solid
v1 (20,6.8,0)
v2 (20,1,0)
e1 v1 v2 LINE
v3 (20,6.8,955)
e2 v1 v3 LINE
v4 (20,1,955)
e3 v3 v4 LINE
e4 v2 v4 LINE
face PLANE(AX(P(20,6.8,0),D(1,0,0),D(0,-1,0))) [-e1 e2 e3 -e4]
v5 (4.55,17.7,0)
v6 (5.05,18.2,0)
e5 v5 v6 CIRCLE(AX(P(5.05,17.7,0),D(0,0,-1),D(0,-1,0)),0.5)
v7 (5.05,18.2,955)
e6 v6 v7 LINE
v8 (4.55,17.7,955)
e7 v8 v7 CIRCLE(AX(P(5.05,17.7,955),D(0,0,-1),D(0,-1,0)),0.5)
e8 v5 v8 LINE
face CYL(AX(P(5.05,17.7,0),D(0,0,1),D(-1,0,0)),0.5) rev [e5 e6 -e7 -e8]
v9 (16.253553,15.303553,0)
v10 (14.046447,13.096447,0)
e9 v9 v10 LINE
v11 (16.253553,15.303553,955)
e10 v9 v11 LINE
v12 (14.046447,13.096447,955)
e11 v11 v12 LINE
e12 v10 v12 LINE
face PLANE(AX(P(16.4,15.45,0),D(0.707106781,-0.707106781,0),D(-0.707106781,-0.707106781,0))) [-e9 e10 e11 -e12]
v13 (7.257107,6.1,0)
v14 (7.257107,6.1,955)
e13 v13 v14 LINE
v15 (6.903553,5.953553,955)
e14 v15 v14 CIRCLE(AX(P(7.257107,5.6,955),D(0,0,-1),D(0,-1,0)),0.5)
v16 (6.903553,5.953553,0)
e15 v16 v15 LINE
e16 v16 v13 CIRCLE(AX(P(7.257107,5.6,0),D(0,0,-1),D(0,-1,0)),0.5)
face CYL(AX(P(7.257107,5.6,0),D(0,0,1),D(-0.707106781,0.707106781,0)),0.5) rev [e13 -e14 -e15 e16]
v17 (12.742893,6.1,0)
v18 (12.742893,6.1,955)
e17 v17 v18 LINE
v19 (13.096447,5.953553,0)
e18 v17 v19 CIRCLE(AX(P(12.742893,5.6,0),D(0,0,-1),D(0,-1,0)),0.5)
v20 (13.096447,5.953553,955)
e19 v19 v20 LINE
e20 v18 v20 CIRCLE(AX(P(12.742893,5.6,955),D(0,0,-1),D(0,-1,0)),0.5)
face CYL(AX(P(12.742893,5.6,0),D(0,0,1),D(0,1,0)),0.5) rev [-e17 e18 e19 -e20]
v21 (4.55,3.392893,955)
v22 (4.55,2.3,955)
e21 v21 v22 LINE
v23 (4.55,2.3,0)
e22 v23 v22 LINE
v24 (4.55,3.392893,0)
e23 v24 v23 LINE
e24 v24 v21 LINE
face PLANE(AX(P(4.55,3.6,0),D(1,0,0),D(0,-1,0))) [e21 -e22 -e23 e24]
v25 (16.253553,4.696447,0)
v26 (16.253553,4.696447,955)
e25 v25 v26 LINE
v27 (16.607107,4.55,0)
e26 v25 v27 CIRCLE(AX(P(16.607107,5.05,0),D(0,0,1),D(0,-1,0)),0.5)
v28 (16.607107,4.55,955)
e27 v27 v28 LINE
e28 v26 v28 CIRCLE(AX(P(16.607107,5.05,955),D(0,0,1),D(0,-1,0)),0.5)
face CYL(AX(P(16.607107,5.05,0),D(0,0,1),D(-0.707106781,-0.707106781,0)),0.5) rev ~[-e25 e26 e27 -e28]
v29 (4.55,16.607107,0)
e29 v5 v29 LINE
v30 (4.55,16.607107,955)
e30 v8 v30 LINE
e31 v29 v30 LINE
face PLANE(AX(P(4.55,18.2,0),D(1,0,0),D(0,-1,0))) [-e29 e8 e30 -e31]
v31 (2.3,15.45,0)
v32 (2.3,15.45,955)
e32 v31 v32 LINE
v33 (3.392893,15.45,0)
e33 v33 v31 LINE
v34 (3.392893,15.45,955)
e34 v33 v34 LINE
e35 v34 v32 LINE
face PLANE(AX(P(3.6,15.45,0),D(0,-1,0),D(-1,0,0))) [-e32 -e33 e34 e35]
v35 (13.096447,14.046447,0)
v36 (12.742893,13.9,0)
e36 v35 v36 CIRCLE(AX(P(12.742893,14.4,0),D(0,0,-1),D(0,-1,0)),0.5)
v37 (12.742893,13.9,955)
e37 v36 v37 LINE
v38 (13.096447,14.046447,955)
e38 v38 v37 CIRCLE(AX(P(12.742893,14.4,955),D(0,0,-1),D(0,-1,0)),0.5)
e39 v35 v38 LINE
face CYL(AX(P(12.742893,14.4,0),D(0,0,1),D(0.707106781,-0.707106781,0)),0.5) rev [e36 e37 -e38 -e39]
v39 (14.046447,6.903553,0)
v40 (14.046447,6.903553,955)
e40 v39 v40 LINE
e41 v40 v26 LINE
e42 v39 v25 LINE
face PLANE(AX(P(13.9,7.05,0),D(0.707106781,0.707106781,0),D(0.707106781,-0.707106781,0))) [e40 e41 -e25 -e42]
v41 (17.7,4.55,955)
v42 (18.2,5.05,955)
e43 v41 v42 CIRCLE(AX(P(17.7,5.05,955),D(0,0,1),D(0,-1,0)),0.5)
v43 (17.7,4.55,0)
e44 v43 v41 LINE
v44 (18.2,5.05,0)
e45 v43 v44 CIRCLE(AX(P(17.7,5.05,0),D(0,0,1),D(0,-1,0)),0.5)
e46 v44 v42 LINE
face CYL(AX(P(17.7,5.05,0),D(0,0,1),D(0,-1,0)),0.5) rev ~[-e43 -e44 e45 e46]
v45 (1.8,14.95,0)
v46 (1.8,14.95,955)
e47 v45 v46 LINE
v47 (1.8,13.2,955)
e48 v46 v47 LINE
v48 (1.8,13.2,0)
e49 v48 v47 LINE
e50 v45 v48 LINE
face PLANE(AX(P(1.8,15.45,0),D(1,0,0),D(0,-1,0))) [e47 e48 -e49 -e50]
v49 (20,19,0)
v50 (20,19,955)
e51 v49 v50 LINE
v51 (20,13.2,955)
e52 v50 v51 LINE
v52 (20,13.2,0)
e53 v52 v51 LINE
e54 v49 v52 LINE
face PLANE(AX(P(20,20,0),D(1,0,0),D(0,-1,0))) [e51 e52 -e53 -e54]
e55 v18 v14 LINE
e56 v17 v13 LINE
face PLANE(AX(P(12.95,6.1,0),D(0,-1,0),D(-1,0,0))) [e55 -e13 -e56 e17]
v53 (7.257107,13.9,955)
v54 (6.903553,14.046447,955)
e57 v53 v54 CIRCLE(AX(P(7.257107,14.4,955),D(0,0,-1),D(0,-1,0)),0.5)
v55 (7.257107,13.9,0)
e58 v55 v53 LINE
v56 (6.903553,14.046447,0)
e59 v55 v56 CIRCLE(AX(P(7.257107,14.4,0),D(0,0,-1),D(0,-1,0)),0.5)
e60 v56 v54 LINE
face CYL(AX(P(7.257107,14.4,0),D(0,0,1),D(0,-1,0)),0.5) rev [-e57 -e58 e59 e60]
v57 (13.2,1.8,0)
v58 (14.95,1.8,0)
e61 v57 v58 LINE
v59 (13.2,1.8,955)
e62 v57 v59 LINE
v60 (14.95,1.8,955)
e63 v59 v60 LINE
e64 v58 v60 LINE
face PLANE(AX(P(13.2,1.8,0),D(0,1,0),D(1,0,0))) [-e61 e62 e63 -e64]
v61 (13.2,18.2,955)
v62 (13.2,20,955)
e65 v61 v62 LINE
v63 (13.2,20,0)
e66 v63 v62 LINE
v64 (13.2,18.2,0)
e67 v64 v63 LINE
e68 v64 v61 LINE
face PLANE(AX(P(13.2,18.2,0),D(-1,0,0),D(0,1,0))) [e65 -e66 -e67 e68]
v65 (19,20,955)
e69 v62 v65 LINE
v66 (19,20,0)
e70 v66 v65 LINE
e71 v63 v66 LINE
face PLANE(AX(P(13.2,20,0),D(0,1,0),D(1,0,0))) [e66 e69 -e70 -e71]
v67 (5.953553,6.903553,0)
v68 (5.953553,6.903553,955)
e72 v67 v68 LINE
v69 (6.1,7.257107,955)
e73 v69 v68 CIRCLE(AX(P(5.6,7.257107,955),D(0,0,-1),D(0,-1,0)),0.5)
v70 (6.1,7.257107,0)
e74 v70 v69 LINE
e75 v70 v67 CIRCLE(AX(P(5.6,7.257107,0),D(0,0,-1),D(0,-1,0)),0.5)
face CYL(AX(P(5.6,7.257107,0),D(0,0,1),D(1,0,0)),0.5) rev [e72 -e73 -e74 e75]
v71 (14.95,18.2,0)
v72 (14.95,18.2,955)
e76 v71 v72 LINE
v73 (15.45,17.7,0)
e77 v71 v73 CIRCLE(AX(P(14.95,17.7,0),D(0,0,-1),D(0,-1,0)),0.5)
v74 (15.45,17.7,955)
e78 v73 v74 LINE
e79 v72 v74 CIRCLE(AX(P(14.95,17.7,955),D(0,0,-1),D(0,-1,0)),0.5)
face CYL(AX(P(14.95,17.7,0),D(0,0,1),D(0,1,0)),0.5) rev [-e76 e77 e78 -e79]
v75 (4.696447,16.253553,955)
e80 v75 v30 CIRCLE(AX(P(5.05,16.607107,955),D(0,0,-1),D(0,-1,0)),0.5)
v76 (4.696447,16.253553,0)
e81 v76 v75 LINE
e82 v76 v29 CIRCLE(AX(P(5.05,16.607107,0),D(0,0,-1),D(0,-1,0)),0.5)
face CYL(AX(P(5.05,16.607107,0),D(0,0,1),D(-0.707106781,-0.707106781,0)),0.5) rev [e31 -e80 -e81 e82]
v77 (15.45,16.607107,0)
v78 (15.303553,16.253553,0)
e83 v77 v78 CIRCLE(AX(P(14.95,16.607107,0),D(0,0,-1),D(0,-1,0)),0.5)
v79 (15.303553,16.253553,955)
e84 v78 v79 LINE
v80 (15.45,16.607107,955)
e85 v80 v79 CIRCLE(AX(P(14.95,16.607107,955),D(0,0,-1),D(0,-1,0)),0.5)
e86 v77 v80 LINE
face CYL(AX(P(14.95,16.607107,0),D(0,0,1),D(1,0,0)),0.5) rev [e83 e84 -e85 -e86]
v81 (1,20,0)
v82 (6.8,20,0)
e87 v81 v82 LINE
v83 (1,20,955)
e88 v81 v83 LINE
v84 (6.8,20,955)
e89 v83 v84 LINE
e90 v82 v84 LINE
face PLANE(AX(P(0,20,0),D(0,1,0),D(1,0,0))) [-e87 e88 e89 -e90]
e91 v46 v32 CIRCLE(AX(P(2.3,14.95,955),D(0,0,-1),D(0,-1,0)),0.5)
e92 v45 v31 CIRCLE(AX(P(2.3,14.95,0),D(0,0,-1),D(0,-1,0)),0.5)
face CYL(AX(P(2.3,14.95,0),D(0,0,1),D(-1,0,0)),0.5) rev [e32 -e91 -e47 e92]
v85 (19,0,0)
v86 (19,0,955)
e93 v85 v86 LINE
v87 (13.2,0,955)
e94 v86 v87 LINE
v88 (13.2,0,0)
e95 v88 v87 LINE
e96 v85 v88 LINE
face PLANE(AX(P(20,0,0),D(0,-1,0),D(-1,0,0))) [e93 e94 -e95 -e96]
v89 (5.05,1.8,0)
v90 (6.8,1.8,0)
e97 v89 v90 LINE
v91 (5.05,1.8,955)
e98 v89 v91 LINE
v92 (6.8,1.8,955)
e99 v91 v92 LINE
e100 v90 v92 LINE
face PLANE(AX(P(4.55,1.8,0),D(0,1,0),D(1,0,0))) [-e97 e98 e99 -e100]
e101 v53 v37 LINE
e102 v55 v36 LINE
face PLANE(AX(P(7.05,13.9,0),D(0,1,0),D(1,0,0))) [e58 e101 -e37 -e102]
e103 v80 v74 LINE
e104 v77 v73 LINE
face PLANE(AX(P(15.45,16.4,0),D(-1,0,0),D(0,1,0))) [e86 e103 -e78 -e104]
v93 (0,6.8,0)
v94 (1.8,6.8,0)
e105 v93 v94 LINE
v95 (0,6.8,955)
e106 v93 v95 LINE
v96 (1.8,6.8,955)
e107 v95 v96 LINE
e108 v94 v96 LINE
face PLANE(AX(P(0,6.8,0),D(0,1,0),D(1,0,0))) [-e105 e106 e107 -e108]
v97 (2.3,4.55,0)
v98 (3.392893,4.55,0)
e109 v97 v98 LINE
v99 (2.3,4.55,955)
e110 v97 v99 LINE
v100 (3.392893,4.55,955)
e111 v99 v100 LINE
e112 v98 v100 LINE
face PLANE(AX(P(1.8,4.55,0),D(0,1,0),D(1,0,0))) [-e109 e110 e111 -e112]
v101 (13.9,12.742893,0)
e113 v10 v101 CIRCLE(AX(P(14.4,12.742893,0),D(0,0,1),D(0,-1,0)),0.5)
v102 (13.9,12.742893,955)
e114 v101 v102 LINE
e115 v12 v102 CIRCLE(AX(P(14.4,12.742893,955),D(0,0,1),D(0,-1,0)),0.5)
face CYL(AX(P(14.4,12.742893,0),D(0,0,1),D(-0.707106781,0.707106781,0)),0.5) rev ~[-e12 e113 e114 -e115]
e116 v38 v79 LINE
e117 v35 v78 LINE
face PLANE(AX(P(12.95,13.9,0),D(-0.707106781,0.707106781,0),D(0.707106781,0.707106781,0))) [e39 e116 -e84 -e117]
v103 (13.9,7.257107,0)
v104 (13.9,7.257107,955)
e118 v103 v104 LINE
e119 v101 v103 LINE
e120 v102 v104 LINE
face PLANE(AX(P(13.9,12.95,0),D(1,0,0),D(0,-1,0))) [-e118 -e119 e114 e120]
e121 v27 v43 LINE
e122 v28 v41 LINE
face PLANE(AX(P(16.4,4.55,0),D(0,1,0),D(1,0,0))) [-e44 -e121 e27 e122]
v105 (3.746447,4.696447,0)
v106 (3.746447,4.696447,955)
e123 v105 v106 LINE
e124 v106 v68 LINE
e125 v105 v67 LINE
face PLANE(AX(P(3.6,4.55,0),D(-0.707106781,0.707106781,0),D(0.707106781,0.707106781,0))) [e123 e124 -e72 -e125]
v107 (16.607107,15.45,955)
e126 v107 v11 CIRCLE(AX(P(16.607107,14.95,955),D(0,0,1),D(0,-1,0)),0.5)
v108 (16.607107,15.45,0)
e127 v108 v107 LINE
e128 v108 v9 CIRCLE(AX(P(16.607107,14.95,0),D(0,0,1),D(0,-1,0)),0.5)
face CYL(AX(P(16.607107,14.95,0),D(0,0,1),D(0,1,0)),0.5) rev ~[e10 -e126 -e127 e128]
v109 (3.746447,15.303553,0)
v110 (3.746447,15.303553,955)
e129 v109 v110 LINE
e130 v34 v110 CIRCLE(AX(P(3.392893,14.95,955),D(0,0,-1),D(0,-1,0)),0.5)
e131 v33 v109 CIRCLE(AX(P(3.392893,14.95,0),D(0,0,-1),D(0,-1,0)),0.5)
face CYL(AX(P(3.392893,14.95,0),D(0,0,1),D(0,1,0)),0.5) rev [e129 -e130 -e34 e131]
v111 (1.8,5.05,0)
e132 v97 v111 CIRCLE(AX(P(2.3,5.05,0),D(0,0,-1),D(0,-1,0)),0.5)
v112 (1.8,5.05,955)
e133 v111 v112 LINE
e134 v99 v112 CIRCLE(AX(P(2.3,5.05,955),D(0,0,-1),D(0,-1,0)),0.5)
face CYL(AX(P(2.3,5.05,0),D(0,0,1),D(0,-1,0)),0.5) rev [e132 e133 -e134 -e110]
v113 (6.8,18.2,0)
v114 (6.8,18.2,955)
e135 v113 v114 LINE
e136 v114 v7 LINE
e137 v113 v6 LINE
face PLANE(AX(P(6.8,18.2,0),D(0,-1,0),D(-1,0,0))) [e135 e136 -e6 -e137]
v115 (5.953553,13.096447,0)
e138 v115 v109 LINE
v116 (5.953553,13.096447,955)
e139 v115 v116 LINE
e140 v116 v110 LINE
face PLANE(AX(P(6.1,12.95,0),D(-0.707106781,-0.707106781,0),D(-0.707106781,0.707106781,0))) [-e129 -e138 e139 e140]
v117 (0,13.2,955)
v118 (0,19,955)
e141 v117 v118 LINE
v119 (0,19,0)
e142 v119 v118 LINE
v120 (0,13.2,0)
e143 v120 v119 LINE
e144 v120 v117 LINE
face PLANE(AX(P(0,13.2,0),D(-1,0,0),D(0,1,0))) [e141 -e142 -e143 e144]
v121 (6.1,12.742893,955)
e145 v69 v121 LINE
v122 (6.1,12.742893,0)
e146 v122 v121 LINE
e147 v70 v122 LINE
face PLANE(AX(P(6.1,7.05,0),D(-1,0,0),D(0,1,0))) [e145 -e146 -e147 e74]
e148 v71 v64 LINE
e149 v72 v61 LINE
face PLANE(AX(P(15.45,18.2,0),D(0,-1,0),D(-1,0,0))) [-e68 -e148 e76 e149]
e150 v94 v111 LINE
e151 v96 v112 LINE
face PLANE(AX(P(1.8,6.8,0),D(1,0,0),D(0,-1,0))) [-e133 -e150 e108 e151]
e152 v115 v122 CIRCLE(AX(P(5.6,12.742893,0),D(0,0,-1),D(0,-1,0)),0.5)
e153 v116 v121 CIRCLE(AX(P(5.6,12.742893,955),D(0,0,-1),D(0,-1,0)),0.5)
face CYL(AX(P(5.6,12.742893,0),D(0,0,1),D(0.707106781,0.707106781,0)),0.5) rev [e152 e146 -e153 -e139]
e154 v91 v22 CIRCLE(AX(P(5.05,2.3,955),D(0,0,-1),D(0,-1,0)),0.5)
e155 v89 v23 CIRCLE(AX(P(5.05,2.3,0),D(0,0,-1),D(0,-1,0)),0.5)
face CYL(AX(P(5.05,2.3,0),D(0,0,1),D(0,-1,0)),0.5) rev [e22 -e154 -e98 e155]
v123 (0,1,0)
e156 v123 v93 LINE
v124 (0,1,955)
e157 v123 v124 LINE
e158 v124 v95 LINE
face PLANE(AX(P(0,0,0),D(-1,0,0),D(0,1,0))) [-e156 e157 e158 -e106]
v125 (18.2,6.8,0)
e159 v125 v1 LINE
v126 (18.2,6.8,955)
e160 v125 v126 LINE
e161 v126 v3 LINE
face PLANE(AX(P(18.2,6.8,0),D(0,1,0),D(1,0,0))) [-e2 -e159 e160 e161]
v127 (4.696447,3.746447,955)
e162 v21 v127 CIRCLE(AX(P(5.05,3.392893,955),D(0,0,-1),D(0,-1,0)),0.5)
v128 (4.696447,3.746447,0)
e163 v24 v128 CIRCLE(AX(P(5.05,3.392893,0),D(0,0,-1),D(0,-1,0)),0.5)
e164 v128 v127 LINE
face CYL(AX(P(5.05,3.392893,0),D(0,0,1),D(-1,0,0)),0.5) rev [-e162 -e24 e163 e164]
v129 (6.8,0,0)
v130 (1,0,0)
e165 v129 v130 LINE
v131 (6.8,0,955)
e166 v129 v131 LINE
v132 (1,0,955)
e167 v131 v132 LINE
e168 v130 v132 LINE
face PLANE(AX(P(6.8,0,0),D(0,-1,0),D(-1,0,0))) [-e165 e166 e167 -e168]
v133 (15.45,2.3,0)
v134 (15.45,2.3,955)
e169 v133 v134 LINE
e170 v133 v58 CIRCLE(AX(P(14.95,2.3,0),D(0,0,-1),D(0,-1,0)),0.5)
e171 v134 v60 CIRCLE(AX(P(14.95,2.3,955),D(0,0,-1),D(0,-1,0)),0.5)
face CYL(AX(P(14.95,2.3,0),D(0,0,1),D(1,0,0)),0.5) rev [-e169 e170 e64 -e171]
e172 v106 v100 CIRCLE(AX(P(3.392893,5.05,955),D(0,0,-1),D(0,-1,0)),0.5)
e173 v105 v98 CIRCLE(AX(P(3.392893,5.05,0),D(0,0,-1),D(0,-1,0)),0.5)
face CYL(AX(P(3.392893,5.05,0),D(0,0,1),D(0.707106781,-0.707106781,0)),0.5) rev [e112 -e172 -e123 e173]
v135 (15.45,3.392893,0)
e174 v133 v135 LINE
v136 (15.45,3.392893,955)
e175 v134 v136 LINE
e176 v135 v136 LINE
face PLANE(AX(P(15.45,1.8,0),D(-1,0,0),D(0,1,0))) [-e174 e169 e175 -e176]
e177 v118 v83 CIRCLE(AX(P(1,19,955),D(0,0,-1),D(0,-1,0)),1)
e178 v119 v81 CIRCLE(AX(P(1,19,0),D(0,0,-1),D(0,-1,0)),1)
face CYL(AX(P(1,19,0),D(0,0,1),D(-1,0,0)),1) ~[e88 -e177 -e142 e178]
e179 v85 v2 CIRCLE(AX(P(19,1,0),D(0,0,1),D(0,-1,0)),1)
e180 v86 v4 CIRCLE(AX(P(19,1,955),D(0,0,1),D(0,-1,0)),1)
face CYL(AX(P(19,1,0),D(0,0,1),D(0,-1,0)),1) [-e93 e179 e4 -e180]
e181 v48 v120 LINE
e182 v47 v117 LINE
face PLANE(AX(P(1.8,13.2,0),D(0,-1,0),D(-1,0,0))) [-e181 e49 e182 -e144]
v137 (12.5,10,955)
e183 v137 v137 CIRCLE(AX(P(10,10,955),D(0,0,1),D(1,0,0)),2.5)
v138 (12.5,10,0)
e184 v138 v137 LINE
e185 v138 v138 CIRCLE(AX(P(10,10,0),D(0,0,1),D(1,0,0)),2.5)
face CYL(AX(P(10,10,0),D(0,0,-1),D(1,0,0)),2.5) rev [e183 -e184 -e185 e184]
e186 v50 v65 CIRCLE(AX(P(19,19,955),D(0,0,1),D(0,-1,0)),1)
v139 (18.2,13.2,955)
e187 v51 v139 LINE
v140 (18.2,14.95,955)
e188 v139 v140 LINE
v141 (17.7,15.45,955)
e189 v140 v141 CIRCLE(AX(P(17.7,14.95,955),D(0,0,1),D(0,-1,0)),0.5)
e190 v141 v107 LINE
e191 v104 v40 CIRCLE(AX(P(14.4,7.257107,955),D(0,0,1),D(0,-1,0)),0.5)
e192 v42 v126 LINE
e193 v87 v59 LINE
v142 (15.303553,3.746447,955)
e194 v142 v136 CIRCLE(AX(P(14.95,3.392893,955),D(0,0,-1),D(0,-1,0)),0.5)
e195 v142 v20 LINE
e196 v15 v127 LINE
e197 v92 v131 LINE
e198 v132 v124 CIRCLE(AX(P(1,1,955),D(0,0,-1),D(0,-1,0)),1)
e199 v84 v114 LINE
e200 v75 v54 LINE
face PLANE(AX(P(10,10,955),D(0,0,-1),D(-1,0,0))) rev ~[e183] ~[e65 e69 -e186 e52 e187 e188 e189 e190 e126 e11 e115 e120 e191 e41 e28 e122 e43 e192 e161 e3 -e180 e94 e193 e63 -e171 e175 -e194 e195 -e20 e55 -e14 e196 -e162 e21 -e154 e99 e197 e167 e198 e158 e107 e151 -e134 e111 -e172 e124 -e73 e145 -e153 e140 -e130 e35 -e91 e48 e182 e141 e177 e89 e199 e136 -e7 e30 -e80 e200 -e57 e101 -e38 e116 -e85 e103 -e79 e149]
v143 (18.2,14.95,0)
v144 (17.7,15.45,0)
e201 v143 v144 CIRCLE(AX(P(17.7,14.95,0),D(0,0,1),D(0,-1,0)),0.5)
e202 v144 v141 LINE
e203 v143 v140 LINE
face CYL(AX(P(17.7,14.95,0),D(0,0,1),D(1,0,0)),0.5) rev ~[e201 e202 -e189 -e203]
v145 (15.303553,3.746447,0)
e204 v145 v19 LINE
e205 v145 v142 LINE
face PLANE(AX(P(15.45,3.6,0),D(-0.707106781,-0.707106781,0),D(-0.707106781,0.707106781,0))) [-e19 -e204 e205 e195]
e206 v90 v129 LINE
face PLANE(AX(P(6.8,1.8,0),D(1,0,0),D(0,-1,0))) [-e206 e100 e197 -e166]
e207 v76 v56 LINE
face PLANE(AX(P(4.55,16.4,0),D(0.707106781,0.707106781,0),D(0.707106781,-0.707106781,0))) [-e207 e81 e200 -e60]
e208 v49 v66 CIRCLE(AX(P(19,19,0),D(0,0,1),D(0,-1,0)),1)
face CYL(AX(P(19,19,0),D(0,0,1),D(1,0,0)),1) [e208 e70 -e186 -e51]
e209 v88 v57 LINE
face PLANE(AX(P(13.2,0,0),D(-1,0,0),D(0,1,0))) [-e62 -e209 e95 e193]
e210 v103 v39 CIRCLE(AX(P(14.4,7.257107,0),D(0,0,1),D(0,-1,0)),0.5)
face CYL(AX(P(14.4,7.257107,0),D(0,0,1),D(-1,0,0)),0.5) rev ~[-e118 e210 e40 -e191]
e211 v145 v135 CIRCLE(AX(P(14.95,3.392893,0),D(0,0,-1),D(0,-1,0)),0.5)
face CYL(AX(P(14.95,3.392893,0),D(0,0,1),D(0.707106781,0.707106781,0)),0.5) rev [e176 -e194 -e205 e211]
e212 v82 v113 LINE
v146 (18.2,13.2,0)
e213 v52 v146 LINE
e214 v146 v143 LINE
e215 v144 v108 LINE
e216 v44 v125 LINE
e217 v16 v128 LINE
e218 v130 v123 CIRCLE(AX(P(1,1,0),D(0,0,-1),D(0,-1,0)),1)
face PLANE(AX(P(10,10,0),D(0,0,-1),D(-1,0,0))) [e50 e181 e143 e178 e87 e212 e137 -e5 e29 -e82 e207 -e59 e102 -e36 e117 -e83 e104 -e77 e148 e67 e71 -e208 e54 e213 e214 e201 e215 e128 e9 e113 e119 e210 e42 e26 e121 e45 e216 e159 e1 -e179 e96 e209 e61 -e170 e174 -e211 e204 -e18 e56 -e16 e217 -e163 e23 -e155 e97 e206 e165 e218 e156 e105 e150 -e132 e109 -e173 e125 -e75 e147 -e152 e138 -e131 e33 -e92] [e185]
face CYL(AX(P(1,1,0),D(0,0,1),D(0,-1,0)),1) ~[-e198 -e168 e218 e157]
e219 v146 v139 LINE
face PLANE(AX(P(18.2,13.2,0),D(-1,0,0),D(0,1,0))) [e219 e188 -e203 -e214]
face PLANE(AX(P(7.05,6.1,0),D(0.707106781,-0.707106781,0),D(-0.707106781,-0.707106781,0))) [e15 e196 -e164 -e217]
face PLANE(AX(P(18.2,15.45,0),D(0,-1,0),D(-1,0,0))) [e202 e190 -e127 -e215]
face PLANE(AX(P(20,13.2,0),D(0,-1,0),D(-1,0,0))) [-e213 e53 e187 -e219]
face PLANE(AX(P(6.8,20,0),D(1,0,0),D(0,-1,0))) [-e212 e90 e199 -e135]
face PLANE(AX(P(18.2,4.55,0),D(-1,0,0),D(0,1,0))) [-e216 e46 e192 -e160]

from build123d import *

# Parameters (mm, degrees)
SKETCH1_R           = 2.5
BOSS_EXTRUDE1_DEPTH = 955
FILLET1_R           = 1
FILLET2_R           = 0.5
FILLET3_R           = 0.5
FILLET4_R           = 0.5
FILLET5_R           = 0.5


with BuildPart() as part:
    # Sketch1 → Boss-Extrude1 (new body)
    with BuildSketch(Plane.XY):
        Polygon((13.2, 0), (13.2, 1.8), (15.45, 1.8), (15.45, 3.6), (12.95, 6.1), (7.05, 6.1), (4.55, 3.6), (4.55, 1.8), (6.8, 1.8), (6.8, 0), (0, 0), (0, 6.8), (1.8, 6.8), (1.8, 4.55), (3.6, 4.55), (6.1, 7.05), (6.1, 12.95), (3.6, 15.45), (1.8, 15.45), (1.8, 13.2), (0, 13.2), (0, 20), (6.8, 20), (6.8, 18.2), (4.55, 18.2), (4.55, 16.4), (7.05, 13.9), (12.95, 13.9), (15.45, 16.4), (15.45, 18.2), (13.2, 18.2), (13.2, 20), (20, 20), (20, 13.2), (18.2, 13.2), (18.2, 15.45), (16.4, 15.45), (13.9, 12.95), (13.9, 7.05), (16.4, 4.55), (18.2, 4.55), (18.2, 6.8), (20, 6.8), (20, 0), align=None)
        with Locations((10, 10)):
            Circle(SKETCH1_R, mode=Mode.SUBTRACT)
    extrude(amount=BOSS_EXTRUDE1_DEPTH)

    # Fillet1
    fillet1_edges = [part.edges().sort_by_distance(p)[0] for p in [
        (0, 0, 477.5),
        (0, 20, 477.5),
        (20, 20, 477.5),
        (20, 0, 477.5),
    ]]
    fillet(fillet1_edges, radius=FILLET1_R)

    # Fillet2
    fillet2_edges = [part.edges().sort_by_distance(p)[0] for p in [
        (4.55, 18.2, 477.5),
        (4.55, 16.4, 477.5),
        (7.05, 13.9, 477.5),
        (12.95, 13.9, 477.5),
        (15.45, 16.4, 477.5),
        (15.45, 18.2, 477.5),
    ]]
    fillet(fillet2_edges, radius=FILLET2_R)

    # Fillet3
    fillet3_edges = [part.edges().sort_by_distance(p)[0] for p in [
        (18.2, 15.45, 477.5),
        (16.4, 15.45, 477.5),
        (13.9, 12.95, 477.5),
        (13.9, 7.05, 477.5),
        (16.4, 4.55, 477.5),
        (18.2, 4.55, 477.5),
    ]]
    fillet(fillet3_edges, radius=FILLET3_R)

    # Fillet4
    fillet4_edges = [part.edges().sort_by_distance(p)[0] for p in [
        (1.8, 4.55, 477.5),
        (3.6, 4.55, 477.5),
        (6.1, 7.05, 477.5),
        (6.1, 12.95, 477.5),
        (3.6, 15.45, 477.5),
        (1.8, 15.45, 477.5),
    ]]
    fillet(fillet4_edges, radius=FILLET4_R)

    # Fillet5
    fillet5_edges = [part.edges().sort_by_distance(p)[0] for p in [
        (15.45, 1.8, 477.5),
        (15.45, 3.6, 477.5),
        (12.95, 6.1, 477.5),
        (7.05, 6.1, 477.5),
        (4.55, 3.6, 477.5),
        (4.55, 1.8, 477.5),
    ]]
    fillet(fillet5_edges, radius=FILLET5_R)


solid = part.part
